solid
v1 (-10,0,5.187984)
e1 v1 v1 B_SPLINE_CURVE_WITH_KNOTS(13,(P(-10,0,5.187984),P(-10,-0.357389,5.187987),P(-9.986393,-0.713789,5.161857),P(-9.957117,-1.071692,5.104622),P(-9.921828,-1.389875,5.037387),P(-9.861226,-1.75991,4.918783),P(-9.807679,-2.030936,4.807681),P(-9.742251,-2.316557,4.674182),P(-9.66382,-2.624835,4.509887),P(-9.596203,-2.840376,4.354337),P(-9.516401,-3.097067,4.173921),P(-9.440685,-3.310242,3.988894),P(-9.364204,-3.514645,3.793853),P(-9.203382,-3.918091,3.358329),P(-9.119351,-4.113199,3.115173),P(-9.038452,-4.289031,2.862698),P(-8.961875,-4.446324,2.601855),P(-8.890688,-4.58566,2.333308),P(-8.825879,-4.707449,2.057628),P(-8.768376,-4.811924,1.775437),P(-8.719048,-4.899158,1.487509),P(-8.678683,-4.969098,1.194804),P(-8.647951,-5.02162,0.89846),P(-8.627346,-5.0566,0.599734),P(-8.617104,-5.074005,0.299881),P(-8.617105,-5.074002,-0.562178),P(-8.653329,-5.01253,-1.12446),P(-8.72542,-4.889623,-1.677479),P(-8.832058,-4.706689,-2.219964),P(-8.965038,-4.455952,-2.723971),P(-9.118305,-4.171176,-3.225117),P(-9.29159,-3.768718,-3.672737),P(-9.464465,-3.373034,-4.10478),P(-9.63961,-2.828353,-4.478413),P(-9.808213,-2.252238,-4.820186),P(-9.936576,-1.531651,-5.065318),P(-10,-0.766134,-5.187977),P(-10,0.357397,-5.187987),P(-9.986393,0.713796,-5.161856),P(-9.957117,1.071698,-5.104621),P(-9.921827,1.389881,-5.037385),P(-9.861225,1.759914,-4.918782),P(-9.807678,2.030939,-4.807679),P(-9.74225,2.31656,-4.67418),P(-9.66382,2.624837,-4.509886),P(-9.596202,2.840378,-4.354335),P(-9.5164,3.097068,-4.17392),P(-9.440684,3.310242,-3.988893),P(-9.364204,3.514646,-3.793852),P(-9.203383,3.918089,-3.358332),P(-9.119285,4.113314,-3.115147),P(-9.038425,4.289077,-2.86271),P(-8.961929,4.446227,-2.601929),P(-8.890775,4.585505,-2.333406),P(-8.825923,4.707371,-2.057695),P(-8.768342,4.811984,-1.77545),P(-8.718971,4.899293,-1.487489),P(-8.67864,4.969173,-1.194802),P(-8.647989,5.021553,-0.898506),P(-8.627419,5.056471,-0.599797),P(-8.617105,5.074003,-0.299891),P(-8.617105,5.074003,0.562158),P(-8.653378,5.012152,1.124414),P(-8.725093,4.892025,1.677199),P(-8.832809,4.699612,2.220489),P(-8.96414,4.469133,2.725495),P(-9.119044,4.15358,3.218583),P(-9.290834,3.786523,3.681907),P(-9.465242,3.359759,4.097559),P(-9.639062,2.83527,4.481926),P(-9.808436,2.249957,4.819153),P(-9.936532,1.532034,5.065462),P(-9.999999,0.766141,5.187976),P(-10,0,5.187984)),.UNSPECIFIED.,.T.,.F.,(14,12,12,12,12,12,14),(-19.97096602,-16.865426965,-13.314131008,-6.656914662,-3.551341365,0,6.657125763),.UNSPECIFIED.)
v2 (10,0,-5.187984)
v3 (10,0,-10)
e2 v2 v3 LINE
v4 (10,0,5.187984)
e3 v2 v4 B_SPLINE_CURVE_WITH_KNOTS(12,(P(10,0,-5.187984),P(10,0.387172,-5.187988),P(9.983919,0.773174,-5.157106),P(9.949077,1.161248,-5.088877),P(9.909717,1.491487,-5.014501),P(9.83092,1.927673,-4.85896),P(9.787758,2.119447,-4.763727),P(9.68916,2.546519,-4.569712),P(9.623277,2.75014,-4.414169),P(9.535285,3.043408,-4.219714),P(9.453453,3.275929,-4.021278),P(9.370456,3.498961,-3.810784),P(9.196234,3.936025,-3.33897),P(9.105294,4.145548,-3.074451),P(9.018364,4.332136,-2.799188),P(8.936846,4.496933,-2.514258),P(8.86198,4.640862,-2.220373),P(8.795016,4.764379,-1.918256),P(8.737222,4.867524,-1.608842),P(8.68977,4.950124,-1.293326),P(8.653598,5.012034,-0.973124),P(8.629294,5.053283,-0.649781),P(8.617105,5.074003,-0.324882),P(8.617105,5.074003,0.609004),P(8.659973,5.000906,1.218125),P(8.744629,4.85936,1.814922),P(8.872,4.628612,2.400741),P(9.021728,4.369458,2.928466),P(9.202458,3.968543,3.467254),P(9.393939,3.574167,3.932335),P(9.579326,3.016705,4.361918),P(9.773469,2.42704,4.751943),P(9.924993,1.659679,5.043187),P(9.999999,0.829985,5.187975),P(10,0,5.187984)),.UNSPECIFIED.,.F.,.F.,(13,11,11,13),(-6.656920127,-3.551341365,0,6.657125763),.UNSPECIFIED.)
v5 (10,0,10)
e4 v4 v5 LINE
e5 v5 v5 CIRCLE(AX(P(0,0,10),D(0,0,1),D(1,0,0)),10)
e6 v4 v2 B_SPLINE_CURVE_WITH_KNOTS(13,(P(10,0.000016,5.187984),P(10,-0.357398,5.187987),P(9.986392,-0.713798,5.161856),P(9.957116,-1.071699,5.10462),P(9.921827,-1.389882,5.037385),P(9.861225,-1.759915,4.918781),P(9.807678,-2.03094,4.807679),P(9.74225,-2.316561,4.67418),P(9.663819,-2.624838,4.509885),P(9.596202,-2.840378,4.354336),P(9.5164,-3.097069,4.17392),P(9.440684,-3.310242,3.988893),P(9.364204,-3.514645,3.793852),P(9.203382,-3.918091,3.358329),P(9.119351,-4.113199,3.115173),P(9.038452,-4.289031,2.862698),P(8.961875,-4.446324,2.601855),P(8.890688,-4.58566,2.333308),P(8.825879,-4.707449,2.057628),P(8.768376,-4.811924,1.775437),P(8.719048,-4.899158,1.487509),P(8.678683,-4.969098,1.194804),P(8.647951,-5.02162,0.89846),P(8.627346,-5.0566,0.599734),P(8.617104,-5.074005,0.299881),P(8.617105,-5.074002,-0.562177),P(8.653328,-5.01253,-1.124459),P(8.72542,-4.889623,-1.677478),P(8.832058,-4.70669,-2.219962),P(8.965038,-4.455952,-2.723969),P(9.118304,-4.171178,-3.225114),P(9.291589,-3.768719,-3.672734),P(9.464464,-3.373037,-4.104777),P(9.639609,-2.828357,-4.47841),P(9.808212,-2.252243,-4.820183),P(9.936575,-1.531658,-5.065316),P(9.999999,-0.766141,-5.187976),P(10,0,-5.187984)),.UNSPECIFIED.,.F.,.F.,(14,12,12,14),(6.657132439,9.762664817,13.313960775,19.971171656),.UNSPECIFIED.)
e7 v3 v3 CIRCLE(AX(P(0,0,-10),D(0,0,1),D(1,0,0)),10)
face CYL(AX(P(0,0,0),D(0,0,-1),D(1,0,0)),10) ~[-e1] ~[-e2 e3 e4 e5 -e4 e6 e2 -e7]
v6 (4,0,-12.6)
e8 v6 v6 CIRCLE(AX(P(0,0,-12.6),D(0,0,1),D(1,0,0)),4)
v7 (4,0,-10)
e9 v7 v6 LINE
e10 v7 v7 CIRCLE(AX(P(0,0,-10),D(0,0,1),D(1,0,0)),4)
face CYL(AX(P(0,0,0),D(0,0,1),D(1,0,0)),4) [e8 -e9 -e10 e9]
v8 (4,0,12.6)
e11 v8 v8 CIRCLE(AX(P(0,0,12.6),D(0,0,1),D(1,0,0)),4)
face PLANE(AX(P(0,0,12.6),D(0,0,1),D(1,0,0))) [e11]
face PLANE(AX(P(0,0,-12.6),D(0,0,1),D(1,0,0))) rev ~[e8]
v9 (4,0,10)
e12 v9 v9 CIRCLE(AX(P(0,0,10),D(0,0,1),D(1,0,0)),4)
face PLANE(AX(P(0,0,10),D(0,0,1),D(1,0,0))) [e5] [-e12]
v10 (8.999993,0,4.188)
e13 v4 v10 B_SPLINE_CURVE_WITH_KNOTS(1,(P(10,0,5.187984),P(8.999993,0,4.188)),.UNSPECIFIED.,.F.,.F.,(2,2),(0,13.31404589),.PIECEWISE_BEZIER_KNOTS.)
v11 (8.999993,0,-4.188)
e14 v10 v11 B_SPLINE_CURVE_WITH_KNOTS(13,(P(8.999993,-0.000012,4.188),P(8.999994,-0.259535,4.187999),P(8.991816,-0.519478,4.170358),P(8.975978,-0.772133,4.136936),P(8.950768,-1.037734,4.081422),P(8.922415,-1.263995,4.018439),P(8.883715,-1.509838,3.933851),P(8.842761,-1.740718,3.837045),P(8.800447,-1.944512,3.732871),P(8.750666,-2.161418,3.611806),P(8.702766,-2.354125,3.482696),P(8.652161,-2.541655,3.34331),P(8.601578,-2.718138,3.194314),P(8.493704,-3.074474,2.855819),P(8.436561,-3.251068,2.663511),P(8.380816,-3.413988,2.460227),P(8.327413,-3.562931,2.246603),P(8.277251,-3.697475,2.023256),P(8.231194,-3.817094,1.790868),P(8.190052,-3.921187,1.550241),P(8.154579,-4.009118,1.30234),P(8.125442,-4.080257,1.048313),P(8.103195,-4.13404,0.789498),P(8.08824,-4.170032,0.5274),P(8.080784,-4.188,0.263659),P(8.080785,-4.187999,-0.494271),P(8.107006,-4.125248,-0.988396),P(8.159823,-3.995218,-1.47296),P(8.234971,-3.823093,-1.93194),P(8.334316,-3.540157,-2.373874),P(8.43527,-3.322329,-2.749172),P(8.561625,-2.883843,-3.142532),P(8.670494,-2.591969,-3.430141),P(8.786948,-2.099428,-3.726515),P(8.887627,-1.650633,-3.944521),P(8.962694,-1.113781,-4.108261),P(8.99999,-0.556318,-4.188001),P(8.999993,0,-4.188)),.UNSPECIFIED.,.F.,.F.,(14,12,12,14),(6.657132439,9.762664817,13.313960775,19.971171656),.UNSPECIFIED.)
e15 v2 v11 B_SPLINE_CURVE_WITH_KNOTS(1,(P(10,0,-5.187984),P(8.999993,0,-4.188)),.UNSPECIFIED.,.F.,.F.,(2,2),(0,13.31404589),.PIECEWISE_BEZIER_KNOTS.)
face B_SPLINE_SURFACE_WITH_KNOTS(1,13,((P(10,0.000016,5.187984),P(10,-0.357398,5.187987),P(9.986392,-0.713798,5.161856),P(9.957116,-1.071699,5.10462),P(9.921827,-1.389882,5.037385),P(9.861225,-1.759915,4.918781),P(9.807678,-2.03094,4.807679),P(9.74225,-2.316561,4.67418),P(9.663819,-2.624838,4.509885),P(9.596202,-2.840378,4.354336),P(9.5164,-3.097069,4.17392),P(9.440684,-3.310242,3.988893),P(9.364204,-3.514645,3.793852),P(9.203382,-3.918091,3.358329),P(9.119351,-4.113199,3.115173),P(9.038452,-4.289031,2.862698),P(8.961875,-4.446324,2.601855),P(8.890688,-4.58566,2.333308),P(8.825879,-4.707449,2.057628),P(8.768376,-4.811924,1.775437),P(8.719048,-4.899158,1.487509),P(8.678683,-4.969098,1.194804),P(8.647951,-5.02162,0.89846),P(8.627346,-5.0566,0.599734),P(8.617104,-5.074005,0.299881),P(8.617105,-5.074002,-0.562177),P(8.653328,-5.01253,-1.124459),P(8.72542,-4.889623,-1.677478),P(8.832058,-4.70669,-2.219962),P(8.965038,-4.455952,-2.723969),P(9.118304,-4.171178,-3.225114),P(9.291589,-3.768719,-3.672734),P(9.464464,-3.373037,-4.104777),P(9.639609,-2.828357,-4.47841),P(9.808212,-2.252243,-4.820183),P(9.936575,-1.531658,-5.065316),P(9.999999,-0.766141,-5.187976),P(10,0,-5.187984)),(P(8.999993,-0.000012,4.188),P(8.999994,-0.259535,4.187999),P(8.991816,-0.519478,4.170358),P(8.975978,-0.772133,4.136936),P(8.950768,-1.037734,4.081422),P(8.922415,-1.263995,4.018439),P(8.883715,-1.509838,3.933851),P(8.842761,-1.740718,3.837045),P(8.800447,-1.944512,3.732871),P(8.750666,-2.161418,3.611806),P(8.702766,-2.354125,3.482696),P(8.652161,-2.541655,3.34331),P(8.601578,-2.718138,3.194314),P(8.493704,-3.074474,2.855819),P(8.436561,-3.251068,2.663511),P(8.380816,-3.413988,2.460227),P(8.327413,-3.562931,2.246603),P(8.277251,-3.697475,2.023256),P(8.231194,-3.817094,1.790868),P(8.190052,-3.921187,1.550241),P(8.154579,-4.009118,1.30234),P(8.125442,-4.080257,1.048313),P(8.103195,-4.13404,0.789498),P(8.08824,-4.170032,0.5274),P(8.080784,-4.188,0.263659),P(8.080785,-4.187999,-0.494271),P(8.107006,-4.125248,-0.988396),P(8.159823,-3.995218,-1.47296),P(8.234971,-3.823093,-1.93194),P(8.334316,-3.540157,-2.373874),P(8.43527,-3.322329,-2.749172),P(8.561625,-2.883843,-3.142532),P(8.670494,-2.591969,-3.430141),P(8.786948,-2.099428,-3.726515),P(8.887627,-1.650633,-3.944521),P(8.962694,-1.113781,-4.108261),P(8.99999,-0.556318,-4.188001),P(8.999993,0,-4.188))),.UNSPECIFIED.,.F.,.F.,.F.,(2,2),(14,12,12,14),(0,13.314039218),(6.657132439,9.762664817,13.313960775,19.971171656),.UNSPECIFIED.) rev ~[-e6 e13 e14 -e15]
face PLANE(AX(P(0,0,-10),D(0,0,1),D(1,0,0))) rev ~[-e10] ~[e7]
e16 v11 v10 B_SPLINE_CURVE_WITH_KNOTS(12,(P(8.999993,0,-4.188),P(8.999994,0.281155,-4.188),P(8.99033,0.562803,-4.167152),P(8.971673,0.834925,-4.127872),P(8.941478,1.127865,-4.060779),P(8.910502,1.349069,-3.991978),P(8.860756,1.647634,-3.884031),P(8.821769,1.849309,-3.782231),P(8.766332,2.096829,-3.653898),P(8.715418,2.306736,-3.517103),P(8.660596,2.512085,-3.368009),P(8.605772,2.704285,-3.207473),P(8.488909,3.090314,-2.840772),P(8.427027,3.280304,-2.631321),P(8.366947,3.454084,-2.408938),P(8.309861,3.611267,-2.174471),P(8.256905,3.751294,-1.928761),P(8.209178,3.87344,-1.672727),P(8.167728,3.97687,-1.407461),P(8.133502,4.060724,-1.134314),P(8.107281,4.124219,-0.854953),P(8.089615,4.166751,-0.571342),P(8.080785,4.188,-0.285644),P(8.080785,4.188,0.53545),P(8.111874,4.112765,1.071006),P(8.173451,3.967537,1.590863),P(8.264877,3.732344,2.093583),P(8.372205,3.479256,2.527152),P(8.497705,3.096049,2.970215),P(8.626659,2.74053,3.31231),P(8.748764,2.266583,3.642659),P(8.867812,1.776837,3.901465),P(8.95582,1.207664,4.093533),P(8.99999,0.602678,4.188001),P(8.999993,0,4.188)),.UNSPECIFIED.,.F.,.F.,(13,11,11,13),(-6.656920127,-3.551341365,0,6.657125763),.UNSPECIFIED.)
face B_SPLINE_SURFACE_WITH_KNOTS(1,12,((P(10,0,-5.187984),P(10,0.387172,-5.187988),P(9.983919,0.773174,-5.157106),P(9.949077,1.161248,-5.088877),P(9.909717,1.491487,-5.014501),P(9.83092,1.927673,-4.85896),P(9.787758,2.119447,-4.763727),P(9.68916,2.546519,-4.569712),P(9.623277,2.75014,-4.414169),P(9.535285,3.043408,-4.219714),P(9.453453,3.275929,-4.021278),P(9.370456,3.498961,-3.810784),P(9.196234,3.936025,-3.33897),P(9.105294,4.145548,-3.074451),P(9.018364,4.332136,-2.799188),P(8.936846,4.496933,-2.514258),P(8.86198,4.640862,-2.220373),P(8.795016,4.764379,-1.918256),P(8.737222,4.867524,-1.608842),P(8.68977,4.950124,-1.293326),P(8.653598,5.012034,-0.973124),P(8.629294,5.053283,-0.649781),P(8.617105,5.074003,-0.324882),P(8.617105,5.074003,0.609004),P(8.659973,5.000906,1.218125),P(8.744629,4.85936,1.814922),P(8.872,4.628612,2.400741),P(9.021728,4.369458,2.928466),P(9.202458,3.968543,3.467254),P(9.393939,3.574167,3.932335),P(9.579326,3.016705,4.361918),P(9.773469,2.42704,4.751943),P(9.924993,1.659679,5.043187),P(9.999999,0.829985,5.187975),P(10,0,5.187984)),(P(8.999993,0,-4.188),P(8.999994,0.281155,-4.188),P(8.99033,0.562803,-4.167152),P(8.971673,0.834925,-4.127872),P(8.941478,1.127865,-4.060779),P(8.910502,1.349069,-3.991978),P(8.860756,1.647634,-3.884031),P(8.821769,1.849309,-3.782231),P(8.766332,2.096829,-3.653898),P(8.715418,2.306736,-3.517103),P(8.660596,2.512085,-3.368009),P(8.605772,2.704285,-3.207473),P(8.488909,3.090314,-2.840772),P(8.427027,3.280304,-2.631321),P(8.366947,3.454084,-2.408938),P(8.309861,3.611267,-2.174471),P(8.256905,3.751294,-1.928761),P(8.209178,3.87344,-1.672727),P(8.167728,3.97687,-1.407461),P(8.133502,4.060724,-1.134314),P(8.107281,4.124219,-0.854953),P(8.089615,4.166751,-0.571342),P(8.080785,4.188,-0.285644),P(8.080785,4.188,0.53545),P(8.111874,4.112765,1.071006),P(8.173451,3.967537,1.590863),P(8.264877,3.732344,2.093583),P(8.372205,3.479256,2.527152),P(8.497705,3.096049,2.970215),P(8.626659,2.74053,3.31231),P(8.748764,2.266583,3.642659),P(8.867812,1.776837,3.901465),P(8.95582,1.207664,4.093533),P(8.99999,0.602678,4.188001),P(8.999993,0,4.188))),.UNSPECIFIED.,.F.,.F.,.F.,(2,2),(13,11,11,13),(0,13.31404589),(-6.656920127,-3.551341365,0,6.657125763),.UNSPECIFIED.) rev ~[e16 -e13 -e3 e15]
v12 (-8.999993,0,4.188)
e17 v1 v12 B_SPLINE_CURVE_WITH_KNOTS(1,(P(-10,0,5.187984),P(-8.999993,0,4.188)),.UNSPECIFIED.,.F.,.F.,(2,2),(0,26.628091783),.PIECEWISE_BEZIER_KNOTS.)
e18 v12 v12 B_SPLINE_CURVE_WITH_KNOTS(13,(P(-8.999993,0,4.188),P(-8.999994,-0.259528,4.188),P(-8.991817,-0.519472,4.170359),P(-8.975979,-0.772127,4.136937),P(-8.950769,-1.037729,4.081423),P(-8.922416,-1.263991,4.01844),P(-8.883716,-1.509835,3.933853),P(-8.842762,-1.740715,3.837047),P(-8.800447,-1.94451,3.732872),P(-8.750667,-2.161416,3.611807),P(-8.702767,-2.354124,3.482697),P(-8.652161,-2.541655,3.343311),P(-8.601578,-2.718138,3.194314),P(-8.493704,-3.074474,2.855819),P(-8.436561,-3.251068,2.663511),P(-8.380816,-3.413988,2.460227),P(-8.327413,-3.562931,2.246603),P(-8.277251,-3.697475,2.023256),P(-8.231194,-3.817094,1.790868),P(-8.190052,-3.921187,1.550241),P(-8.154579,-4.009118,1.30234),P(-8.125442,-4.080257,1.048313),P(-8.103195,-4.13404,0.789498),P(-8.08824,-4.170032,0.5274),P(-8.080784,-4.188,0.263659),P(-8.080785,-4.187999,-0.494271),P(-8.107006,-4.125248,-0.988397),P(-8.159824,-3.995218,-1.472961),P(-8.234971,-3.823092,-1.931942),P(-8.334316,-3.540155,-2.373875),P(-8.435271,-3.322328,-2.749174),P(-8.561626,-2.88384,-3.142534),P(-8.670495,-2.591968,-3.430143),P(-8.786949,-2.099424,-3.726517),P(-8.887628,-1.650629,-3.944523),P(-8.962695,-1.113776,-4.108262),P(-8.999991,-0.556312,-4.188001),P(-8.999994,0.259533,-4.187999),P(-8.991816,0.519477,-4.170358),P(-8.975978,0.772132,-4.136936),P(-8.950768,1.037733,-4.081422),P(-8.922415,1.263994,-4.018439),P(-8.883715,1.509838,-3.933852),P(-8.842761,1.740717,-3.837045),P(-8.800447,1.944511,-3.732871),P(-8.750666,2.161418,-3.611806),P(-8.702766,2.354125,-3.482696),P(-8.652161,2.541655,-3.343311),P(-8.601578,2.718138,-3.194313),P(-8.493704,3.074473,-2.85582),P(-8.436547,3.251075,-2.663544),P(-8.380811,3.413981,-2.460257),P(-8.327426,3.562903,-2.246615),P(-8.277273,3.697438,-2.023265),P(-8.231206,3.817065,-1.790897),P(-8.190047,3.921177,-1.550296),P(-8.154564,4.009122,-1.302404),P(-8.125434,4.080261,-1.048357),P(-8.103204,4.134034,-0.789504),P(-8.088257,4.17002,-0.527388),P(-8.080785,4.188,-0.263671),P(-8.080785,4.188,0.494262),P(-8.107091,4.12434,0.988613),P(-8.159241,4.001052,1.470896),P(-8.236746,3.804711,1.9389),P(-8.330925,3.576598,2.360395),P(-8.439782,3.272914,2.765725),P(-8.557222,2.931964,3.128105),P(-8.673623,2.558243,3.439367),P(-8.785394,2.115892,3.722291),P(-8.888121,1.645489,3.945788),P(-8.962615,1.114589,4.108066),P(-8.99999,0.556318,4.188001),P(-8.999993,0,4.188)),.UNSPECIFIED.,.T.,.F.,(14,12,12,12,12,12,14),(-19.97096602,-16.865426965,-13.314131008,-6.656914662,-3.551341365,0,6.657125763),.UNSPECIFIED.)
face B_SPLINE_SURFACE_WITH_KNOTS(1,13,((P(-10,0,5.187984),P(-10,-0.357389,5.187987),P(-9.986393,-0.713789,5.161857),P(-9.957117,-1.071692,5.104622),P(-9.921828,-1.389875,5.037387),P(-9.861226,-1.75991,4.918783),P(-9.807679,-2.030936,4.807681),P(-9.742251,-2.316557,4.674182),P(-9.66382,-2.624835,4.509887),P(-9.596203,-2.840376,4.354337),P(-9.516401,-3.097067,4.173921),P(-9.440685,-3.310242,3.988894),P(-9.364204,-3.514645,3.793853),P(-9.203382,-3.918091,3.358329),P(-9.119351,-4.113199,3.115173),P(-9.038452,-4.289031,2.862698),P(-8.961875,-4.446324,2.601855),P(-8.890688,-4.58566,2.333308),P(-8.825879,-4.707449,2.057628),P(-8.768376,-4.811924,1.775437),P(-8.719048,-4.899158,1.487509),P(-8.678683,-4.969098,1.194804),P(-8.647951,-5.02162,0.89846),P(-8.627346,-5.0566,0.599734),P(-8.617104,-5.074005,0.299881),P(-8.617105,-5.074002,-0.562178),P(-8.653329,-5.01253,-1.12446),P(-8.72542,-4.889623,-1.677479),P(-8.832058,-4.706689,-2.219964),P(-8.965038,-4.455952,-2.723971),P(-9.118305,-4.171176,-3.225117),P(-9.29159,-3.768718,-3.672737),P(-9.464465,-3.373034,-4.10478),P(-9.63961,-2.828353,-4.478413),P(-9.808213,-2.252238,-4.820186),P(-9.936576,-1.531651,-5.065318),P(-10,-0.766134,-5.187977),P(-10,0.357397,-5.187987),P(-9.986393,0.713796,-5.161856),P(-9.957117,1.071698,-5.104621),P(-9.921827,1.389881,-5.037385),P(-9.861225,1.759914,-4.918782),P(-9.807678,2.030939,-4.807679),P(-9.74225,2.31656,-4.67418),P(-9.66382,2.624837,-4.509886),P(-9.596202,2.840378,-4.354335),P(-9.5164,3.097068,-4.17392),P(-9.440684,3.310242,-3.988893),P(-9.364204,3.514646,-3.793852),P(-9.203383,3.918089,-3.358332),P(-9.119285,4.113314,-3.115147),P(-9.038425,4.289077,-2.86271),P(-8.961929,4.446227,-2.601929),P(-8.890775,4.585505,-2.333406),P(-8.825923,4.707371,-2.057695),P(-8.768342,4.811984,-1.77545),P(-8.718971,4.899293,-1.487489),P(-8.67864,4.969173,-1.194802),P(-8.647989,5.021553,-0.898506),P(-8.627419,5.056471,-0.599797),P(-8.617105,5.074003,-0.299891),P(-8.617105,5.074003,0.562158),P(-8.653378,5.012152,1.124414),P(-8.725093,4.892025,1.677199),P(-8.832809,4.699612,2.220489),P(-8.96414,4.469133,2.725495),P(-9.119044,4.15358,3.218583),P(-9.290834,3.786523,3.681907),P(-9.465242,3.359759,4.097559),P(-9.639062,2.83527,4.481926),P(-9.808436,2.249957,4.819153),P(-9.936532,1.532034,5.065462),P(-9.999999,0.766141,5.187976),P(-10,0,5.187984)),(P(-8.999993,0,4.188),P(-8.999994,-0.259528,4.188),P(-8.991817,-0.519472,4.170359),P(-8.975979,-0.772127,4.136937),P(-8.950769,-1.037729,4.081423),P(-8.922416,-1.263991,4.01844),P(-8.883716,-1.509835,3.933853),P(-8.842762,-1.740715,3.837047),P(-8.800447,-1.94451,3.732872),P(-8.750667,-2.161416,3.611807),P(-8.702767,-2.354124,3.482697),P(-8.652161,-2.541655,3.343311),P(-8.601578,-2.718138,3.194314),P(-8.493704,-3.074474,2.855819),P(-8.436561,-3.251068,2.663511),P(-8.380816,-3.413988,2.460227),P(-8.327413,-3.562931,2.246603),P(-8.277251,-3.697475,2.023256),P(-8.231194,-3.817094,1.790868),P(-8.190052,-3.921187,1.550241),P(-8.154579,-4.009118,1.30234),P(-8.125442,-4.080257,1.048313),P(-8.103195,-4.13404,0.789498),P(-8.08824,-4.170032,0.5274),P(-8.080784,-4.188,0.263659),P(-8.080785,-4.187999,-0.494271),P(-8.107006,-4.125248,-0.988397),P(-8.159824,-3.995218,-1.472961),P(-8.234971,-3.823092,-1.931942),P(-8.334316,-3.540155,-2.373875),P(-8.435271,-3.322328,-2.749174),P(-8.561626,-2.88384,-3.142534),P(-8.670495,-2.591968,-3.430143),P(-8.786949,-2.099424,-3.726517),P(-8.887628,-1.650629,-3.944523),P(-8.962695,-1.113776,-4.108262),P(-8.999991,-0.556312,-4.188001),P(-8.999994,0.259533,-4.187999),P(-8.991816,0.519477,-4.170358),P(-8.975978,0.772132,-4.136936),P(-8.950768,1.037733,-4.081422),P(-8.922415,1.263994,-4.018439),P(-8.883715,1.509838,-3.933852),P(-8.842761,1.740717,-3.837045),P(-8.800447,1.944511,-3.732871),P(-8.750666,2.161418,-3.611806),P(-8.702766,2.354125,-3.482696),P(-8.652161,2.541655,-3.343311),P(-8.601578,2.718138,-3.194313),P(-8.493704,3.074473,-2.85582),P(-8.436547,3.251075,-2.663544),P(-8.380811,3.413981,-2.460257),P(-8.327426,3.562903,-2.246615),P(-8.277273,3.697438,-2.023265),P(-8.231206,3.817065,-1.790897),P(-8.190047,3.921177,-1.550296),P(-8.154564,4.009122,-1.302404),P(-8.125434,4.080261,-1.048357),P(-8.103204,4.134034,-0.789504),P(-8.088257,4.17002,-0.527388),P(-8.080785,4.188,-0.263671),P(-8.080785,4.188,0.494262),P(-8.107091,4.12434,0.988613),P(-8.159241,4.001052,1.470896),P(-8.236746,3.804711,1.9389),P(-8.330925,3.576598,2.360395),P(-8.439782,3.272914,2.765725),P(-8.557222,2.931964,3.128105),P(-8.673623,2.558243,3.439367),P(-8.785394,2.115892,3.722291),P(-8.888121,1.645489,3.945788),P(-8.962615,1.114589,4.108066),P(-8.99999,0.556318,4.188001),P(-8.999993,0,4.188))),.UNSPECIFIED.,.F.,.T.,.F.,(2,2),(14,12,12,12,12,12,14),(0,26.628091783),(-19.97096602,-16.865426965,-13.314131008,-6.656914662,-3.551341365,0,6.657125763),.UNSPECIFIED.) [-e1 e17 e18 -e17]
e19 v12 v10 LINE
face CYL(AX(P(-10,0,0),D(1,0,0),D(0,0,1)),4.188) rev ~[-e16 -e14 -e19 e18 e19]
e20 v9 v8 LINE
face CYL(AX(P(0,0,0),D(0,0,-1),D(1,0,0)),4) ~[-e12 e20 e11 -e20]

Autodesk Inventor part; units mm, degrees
ref_plane "YZ Plane" through (0, 0, 0) normal (1, 0, 0) x (0, 1, 0)
ref_plane "XZ Plane" through (0, 0, 0) normal (0, 1, 0) x (-1, 0, 0)
ref_plane "XY Plane" through (0, 0, 0) normal (0, 0, 1) x (1, 0, 0)
sketch "Sketch1" plane through (0, 0, 0) normal (0, 0, 1) x (1, 0, 0)
  circle A0 centre (0, 0) radius 10
  circle A1 centre (0, 0) radius 4
  point P0 (-10, 0)
  dimension "d0" = 20
  dimension "d1" = 8
extrude "Extrusion1" add sketch "Sketch1" along normal mid plane 25.2 contours A1
extrude "Extrusion2" add sketch "Sketch1" along normal mid plane 20
hole "Hole1" at (-10, 0, 0) direction (1, 0, 0) diameter 8.376 end through all thread size "M10x1.5" class "6H" standard "ISO Metric profile"
chamfer "Chamfer1" distance 1 angle 45 8 edges at (9.4815, 3.1784, 2.7271) (9.4815, -3.1783, 2.7272) (9.4815, -3.1784, -2.7271) (9.4815, 3.1783, -2.7272) (-9.4815, 3.1784, 2.7271) (-9.4815, 3.1783, -2.7272) (-9.4815, -3.1784, -2.7271) (-9.4815, -3.1783, 2.7272)
properties part number "BaseSpacer" material "Steel, Mild"
